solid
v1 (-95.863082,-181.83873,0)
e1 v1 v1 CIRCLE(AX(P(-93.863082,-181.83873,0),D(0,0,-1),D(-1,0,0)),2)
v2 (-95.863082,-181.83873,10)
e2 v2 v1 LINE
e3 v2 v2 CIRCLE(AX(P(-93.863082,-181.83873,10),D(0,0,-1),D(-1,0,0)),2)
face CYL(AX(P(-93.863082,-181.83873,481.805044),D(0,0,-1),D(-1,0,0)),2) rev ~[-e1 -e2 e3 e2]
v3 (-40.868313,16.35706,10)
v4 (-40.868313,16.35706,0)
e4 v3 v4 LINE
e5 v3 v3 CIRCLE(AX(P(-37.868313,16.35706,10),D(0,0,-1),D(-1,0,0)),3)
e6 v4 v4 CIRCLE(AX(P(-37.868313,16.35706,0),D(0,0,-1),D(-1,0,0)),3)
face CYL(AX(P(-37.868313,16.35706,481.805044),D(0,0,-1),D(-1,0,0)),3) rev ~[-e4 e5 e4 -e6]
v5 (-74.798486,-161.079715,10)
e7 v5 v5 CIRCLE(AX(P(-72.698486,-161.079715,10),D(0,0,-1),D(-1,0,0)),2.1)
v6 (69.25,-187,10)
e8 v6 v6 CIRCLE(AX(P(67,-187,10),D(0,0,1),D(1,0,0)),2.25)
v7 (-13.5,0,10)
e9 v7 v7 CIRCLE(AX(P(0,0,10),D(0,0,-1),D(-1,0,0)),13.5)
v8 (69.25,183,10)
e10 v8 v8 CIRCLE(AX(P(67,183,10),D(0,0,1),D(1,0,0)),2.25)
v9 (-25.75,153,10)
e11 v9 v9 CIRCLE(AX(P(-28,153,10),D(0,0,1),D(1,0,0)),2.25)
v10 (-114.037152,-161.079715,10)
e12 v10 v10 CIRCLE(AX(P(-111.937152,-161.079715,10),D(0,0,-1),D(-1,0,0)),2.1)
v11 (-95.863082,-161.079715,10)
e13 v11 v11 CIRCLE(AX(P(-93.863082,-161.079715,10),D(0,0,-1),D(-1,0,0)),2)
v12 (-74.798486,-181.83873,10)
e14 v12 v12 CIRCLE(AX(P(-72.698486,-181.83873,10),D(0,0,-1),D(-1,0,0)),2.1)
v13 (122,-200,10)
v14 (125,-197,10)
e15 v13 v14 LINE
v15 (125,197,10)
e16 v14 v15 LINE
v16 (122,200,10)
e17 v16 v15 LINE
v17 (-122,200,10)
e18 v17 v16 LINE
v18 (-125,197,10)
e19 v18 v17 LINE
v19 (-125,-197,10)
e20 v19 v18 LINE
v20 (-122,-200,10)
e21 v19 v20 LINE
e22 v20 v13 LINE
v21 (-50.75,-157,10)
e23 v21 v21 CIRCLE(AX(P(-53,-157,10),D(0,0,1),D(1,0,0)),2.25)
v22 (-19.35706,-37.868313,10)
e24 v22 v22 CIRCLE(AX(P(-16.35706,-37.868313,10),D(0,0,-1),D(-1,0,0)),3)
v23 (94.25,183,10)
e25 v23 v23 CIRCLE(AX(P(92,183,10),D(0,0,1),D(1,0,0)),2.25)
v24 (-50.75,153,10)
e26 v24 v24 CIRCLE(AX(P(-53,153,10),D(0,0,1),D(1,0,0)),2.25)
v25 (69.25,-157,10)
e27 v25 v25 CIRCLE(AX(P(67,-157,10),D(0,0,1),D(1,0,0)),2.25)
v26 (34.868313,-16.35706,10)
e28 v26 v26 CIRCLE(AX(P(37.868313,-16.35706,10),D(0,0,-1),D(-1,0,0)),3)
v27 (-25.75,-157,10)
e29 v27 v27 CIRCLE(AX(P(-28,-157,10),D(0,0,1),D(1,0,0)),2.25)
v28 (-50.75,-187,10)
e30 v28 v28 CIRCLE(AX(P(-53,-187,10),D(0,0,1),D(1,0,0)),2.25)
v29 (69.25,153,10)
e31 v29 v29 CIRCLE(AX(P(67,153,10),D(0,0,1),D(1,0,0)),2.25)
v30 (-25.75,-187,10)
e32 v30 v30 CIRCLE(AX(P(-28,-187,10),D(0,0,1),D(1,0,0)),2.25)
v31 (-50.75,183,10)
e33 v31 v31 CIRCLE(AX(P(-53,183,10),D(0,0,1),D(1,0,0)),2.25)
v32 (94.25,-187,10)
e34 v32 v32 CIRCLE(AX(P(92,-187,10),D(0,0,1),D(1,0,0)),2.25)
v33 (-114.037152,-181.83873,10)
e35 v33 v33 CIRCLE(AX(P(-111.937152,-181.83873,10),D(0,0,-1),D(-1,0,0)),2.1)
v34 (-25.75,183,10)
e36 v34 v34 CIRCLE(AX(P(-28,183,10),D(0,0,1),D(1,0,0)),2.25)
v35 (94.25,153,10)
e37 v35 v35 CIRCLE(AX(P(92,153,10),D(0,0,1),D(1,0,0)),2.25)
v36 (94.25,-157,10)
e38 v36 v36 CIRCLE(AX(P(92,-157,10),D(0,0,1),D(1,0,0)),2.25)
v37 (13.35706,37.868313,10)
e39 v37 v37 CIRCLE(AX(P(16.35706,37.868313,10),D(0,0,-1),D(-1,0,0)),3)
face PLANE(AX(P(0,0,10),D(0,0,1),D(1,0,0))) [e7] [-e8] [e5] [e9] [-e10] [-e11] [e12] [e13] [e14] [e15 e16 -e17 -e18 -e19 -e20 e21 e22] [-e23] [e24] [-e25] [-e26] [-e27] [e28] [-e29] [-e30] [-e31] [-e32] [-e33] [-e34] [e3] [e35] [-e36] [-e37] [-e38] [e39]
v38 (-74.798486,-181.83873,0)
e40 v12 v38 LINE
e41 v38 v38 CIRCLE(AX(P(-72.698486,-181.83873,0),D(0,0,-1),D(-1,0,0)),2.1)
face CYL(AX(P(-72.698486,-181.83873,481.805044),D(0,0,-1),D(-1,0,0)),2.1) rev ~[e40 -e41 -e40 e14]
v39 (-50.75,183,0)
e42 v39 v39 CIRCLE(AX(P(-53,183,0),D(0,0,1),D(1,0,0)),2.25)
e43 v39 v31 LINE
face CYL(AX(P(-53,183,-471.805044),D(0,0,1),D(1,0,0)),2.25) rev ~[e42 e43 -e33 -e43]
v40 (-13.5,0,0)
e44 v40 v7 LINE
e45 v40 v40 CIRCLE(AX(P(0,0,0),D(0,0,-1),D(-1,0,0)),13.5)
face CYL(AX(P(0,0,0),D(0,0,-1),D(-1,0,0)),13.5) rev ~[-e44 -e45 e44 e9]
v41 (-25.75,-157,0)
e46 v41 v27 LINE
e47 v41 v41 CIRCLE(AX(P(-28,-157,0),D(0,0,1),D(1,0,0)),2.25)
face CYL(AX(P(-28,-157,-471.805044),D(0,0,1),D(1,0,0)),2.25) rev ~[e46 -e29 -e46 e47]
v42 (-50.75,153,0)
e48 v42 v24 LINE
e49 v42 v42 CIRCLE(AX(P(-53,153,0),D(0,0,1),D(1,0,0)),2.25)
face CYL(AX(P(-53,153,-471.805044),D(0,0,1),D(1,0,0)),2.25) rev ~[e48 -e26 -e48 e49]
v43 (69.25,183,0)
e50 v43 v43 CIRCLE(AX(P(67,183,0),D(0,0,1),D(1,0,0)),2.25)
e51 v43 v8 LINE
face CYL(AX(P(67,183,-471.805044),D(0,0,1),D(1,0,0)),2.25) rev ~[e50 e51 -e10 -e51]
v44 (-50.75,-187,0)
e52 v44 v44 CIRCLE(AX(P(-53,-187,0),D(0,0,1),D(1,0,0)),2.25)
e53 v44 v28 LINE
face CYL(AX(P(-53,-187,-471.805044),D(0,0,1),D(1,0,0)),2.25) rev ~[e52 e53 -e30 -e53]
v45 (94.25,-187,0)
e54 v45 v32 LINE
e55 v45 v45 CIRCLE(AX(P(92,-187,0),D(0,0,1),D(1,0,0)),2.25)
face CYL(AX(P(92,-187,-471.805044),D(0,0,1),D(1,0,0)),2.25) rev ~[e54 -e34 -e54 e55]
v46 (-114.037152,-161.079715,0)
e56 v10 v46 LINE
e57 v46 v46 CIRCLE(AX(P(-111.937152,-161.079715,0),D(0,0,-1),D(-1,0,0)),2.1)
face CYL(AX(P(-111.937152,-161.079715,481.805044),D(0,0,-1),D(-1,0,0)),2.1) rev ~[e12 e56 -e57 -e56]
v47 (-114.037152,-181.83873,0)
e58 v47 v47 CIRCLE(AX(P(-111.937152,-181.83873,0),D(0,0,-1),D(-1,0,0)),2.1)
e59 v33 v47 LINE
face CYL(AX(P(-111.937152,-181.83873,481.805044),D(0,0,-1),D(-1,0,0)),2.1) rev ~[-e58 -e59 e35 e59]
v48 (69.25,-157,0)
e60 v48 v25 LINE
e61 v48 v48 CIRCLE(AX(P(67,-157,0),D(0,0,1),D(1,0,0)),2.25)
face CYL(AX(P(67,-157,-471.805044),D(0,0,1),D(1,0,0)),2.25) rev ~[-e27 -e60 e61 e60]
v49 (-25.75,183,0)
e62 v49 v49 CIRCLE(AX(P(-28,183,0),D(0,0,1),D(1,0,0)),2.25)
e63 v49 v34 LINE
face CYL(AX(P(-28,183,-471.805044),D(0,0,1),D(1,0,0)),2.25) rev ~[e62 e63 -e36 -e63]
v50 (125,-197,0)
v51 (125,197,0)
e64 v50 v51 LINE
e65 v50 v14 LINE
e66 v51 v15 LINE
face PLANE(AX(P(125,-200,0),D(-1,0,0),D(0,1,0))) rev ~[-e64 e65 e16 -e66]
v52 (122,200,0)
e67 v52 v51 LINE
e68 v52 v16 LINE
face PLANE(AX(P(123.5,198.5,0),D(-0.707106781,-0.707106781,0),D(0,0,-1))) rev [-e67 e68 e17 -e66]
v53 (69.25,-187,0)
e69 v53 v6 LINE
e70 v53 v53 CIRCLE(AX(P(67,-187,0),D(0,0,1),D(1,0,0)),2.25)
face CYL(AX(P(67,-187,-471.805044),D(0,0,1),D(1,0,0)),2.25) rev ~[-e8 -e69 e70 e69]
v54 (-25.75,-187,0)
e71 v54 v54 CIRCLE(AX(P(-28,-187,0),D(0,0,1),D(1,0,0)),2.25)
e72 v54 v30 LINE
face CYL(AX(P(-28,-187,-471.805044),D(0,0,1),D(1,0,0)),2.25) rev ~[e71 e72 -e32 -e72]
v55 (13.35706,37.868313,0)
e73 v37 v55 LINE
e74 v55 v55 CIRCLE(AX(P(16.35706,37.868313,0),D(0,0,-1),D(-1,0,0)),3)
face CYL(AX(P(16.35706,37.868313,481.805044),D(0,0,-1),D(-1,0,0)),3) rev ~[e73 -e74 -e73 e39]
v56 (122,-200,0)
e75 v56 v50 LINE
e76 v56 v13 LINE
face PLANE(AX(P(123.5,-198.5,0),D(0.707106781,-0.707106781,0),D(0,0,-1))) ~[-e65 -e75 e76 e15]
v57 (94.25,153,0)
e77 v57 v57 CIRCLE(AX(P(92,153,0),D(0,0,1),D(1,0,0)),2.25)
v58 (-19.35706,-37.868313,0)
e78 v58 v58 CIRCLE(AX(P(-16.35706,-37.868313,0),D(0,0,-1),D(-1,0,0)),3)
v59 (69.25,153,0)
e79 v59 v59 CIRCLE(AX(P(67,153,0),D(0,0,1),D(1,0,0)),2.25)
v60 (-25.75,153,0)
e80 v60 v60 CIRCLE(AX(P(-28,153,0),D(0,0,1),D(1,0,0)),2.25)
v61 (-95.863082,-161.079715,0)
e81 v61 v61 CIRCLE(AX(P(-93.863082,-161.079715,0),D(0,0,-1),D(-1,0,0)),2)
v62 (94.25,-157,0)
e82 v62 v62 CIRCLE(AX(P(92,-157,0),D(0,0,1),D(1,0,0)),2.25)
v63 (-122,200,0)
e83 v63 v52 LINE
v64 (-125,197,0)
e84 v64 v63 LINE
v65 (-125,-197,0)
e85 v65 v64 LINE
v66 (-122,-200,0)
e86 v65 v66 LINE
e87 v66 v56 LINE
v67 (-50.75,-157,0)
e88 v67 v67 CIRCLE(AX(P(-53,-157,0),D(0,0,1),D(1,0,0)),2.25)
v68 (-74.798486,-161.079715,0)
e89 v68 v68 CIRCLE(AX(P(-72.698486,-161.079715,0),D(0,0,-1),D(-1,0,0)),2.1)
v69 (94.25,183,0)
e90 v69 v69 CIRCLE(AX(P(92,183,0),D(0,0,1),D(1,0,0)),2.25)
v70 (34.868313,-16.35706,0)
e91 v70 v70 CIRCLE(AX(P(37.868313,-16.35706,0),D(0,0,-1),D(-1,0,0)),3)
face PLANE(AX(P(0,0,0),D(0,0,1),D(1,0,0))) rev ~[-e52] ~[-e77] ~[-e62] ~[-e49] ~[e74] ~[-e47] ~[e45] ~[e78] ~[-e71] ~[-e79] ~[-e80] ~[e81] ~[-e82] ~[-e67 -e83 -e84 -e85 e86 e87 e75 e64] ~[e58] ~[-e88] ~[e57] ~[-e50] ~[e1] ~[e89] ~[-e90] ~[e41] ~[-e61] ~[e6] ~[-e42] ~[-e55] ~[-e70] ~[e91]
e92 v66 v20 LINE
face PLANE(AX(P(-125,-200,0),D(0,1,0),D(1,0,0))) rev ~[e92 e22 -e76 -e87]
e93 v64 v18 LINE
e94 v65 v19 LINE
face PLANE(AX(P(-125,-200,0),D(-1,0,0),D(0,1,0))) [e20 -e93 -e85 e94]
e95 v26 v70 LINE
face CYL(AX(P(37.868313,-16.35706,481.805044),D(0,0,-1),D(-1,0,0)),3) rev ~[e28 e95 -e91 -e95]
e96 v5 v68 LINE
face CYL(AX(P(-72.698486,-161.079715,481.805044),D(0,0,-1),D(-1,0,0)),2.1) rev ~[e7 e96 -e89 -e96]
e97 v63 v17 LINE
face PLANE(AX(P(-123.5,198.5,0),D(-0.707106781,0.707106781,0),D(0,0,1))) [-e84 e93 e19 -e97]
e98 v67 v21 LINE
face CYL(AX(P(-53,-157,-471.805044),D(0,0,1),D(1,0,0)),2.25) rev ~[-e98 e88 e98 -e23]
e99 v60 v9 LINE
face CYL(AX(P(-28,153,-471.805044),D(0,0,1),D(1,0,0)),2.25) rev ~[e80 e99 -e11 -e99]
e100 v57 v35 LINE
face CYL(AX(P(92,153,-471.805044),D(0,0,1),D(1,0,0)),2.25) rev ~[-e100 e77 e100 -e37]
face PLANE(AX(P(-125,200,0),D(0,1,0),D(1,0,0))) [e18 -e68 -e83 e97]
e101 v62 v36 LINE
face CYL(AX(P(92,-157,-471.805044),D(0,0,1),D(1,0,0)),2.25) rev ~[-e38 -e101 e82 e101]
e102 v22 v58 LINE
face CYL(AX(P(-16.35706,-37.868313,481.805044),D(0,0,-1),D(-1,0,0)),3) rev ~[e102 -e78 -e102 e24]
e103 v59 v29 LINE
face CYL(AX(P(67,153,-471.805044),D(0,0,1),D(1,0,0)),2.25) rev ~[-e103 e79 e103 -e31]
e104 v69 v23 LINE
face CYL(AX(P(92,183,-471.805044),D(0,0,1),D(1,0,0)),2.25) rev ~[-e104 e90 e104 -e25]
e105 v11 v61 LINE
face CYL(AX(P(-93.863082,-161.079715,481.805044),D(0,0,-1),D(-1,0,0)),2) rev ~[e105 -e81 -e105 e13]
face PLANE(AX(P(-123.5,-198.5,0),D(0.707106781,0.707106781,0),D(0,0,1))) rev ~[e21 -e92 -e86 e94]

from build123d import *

# Parameters (mm, degrees)
ESQUISSE1_W                     = 250
ESQUISSE1_H                     = 400
BOSS_EXTRU_1_DEPTH              = 10
ESQUISSE2_R                     = 13.5
ENL_V_MAT_EXTRU_1_DEPTH         = 237.061432682
CHANFREIN1_SIZE                 = 3
TROU_TARAUD_M51_D               = 4.2
TROUS_DE_CENTRAGE_4_0MM2_D      = 4
TROUS_DE_CENTRAGE_6_0MM2_D      = 6
D_GAGEMENT_M41_D                = 4.5
R_P_TITION_LIN_AIRE1_COUNT      = 2
R_P_TITION_LIN_AIRE1_PITCH      = 120
R_P_TITION_LIN_AIRE1_COUNT_DIR2 = 2
R_P_TITION_LIN_AIRE1_PITCH_DIR2 = 340


with BuildPart() as part:
    # Esquisse1 → Boss.-Extru.1 (new body)
    with BuildSketch(Plane.XY):
        Rectangle(ESQUISSE1_W, ESQUISSE1_H)
    extrude(amount=BOSS_EXTRU_1_DEPTH)

    # Esquisse2 → Enlèv. mat.-Extru.1 (cut, through all)
    with BuildSketch(Plane(origin=(0, 0, 0), x_dir=(-1, 0, 0), z_dir=(0, 0, -1))):
        Circle(ESQUISSE2_R)
    extrude(amount=-ENL_V_MAT_EXTRU_1_DEPTH, mode=Mode.SUBTRACT)

    # Chanfrein1
    chanfrein1_edges = [part.edges().sort_by_distance(p)[0] for p in [
        (125, -200, 5),
        (-125, -200, 5),
        (-125, 200, 5),
        (125, 200, 5),
    ]]
    chamfer(chanfrein1_edges, length=CHANFREIN1_SIZE)

    # Trou taraudé M51 (through all)
    with Locations(Plane.XY.offset(10)):
        with Locations((-72.698486264, -161.07971462), (-72.698486264, -181.838730229), (-111.937151978, -181.838730229), (-111.937151978, -161.07971462)):
            Hole(TROU_TARAUD_M51_D / 2)

    # Trous de centrage Ø4.0mm2 (through all)
    with Locations(Plane.XY.offset(10)):
        with Locations((-93.86308218, -161.07971462), (-93.86308218, -181.838730229)):
            Hole(TROUS_DE_CENTRAGE_4_0MM2_D / 2)

    # Trous de centrage Ø6.0mm2 (through all)
    with Locations(Plane.XY.offset(10)):
        with Locations((16.357059687, 37.86831259), (37.86831259, -16.357059687), (-16.357059687, -37.86831259), (-37.86831259, 16.357059687)):
            Hole(TROUS_DE_CENTRAGE_6_0MM2_D / 2)

    # Dégagement M41 (through all)
    with Locations(Plane(origin=(0, 0, 0), x_dir=(-1, 0, 0), z_dir=(0, 0, -1))):
        with Locations((28, -187), (28, -157), (53, -157), (53, -187)):
            d_gagement_m41 = Hole(D_GAGEMENT_M41_D / 2)

    # Répétition linéaire1: D_gagement M41 2 × 2
    with Locations(*[(i * R_P_TITION_LIN_AIRE1_PITCH, j * R_P_TITION_LIN_AIRE1_PITCH_DIR2, 0) for i in range(R_P_TITION_LIN_AIRE1_COUNT) for j in range(R_P_TITION_LIN_AIRE1_COUNT_DIR2) if (i, j) != (0, 0)]):
        add(d_gagement_m41, mode=Mode.SUBTRACT)


solid = part.part
